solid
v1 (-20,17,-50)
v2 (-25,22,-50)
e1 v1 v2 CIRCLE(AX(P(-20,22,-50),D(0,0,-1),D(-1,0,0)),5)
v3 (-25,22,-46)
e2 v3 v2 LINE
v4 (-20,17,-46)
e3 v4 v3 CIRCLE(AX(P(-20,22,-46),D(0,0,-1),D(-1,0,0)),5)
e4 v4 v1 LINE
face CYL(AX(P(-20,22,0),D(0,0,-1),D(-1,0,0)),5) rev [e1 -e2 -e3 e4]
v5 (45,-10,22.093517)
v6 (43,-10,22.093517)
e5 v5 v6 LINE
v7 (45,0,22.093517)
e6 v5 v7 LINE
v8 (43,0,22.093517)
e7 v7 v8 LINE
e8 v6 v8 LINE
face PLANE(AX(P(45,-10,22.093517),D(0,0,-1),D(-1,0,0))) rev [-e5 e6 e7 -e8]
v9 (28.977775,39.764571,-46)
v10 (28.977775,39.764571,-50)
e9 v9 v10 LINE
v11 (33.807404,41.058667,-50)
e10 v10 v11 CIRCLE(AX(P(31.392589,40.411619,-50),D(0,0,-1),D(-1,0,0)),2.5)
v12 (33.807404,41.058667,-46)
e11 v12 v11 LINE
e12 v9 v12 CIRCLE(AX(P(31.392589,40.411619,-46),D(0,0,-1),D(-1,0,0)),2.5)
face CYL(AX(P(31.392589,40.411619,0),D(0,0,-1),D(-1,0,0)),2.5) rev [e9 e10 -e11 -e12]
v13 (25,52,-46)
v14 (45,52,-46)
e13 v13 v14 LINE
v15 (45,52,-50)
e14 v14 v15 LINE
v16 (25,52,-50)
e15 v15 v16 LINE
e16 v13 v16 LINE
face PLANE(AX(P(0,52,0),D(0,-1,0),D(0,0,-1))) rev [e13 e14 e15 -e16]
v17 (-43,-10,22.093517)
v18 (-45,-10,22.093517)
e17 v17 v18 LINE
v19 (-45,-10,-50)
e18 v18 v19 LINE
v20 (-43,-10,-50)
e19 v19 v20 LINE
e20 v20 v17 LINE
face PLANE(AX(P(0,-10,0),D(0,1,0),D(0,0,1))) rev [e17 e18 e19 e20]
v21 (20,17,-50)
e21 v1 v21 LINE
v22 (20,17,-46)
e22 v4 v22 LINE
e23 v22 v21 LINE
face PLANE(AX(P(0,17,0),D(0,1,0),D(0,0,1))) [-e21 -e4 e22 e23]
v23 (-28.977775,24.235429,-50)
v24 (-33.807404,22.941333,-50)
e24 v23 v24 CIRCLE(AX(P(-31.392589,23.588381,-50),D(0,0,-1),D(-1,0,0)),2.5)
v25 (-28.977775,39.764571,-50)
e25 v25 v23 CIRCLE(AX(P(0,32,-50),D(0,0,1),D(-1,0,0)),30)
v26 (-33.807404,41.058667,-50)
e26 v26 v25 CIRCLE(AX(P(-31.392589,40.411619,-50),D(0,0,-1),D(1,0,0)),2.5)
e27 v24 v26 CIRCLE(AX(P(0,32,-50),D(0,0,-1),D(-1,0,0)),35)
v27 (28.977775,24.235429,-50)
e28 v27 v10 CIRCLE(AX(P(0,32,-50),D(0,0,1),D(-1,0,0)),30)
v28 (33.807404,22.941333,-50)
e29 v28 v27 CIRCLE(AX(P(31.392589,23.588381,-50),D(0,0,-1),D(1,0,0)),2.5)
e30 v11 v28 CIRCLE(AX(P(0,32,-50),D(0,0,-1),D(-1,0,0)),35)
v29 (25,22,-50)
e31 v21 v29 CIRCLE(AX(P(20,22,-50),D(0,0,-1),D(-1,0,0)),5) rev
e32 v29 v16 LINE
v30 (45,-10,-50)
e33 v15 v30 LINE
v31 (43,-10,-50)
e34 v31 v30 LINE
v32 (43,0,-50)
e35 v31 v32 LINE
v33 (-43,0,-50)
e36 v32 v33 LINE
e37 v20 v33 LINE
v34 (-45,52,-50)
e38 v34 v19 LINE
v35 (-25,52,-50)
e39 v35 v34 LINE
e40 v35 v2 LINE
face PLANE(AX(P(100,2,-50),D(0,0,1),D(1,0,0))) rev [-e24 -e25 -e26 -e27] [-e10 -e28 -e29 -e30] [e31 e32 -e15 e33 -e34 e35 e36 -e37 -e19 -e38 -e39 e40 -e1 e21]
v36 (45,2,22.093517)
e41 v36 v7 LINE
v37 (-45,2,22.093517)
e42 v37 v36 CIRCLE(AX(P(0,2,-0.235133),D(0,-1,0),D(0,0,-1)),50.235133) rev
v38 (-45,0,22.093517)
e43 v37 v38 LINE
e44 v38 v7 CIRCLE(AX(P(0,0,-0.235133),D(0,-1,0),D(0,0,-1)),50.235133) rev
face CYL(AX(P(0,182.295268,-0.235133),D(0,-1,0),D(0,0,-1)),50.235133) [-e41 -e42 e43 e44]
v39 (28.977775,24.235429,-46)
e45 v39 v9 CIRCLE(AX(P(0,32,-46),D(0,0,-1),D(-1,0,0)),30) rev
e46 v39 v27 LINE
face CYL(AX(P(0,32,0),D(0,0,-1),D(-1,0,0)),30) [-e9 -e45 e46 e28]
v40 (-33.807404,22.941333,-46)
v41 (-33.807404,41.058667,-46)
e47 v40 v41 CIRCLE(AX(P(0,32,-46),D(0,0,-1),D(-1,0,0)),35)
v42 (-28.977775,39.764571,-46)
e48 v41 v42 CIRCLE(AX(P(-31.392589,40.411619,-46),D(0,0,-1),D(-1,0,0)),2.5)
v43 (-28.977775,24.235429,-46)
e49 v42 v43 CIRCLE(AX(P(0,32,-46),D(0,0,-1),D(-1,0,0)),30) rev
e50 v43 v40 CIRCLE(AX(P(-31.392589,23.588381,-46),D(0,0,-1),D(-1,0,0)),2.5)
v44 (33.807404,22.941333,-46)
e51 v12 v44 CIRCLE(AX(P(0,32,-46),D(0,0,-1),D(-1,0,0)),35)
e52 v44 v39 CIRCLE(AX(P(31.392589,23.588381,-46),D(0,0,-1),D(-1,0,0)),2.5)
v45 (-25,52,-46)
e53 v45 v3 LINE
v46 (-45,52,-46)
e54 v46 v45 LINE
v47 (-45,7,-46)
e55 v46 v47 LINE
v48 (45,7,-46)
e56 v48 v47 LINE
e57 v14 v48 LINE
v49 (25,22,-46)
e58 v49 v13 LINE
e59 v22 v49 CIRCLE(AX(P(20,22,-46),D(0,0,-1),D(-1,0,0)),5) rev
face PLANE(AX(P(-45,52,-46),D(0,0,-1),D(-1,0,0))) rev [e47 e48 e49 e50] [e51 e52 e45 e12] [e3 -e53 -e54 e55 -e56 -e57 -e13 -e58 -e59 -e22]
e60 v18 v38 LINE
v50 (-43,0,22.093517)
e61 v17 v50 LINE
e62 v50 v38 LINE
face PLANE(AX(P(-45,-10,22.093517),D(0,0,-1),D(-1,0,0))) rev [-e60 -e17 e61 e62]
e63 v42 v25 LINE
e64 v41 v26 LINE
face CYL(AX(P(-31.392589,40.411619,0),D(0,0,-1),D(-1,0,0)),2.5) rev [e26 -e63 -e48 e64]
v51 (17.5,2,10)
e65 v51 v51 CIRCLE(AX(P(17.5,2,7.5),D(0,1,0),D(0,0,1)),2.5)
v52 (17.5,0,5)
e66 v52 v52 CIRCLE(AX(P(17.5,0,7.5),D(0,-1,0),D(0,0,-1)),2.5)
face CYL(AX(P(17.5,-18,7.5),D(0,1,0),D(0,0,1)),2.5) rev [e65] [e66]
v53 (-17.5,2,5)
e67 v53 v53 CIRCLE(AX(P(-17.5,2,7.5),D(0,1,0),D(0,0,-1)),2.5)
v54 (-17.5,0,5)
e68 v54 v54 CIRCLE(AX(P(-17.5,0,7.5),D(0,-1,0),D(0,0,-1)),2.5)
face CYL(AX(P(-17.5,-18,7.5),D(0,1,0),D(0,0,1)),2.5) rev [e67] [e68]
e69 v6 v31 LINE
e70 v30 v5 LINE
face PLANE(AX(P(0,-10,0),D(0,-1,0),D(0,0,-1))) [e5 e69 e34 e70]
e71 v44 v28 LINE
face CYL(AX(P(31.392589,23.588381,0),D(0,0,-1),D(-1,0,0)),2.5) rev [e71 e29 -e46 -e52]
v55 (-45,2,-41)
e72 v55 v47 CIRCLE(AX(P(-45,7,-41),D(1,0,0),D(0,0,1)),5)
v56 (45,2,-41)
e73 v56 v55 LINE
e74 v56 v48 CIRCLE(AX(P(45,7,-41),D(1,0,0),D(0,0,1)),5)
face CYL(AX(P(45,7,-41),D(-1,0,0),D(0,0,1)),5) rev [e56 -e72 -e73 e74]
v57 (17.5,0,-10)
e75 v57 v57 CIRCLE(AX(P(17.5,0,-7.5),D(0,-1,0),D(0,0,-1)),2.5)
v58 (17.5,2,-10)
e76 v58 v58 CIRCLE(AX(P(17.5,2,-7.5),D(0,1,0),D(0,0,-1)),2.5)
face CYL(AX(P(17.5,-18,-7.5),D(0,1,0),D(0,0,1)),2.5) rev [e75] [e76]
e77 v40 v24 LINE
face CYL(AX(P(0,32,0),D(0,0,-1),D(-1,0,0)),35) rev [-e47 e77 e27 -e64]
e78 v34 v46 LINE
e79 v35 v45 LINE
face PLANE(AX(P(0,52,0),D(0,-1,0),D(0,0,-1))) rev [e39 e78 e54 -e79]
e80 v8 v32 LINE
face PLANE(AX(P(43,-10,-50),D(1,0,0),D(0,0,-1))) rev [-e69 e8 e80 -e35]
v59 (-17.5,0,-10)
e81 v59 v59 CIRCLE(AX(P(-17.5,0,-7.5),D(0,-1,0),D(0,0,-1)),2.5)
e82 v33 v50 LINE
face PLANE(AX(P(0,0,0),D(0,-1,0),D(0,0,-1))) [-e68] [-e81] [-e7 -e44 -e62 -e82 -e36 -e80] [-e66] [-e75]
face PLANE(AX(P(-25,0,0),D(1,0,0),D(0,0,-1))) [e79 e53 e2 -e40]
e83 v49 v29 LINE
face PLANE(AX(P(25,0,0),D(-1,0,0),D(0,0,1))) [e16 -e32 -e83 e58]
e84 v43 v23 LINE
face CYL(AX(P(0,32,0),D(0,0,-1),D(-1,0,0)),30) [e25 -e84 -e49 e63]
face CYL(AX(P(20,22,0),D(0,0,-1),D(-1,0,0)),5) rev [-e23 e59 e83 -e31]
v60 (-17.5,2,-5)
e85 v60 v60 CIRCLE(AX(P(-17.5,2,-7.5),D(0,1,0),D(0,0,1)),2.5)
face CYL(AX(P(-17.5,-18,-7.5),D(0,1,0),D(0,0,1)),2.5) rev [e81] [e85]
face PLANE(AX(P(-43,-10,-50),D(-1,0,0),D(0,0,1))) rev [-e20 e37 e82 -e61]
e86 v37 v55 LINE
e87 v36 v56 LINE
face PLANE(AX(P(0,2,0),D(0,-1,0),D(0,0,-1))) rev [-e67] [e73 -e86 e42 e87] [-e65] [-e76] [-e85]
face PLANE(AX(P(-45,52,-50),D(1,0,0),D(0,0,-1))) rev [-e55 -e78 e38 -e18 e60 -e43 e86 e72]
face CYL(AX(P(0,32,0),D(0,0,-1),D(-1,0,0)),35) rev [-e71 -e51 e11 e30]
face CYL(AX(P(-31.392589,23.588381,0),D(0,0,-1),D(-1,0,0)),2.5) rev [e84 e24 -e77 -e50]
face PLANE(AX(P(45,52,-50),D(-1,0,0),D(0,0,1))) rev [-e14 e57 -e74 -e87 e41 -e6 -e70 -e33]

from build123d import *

# Parameters (mm, degrees)
SKETCH1_W                = 200
SKETCH1_H                = 100
BOSS_EXTRUDE1_DEPTH      = 2
BOSS_EXTRUDE2_DEPTH      = 50
CUT_EXTRUDE6_DEPTH       = 50
CUT_EXTRUDE7_DEPTH       = 50
SKETCH9_R                = 2.5
CUT_EXTRUDE8_DEPTH       = 20
CUT_EXTRUDE20_DEPTH      = 123.474487139
CUT_EXTRUDE20_DEPTH_BACK = 123.474487139
BOSS_EXTRUDE5_DEPTH      = 90
CUT_EXTRUDE28_DEPTH      = 84.815273071
CUT_EXTRUDE28_DEPTH_BACK = 84.815273071
SKETCH25_W               = 2
SKETCH25_H               = 72.093516731
BOSS_EXTRUDE7_DEPTH      = 10


with BuildPart() as part:
    # Sketch1 → Boss-Extrude1 (new body)
    with BuildSketch(Plane(origin=(0, 0, 0), x_dir=(1, 0, 0), z_dir=(0, 1, 0))):
        Rectangle(SKETCH1_W, SKETCH1_H)
    extrude(amount=BOSS_EXTRUDE1_DEPTH)

    # Sketch3 → Boss-Extrude2 (add)
    with BuildSketch(Plane(origin=(0, 2, 0), x_dir=(1, 0, 0), z_dir=(0, 1, 0))):
        Polygon((0, 50), (-45, 50), (-45, 46), (45, 46), (45, 50), align=None)
    extrude(amount=BOSS_EXTRUDE2_DEPTH)

    # Sketch4 → Cut-Extrude6 (cut)
    with BuildSketch(Plane(origin=(0, 0, -50), x_dir=(-1, 0, 0), z_dir=(0, 0, -1))):
        with BuildLine():
            Line((25, 52), (25, 22))
            ThreePointArc((25, 22), (23.535533906, 18.464466094), (20, 17))
            Line((20, 17), (-20, 17))
            ThreePointArc((-20, 17), (-23.535533906, 18.464466094), (-25, 22))
            Line((-25, 22), (-25, 52))
            Line((-25, 52), (25, 52))
        make_face()
    extrude(amount=-CUT_EXTRUDE6_DEPTH, mode=Mode.SUBTRACT)

    # Sketch5 → Cut-Extrude7 (cut)
    with BuildSketch(Plane(origin=(0, 0, -50), x_dir=(-1, 0, 0), z_dir=(0, 0, -1))):
        with BuildLine():
            ThreePointArc((-28.977774789, 39.764571353), (-30, 32), (-28.977774789, 24.235428647))
            ThreePointArc((-28.977774789, 24.235428647), (-30.745541742, 21.173566468), (-33.80740392, 22.941333421))
            ThreePointArc((-33.80740392, 22.941333421), (-35, 32), (-33.80740392, 41.058666579))
            ThreePointArc((-33.80740392, 41.058666579), (-30.745541742, 42.826433532), (-28.977774789, 39.764571353))
        make_face()
        with BuildLine():
            ThreePointArc((28.977774789, 24.235428647), (30.745541742, 21.173566468), (33.80740392, 22.941333421))
            ThreePointArc((33.80740392, 22.941333421), (35, 32), (33.80740392, 41.058666579))
            ThreePointArc((33.80740392, 41.058666579), (30.745541742, 42.826433532), (28.977774789, 39.764571353))
            ThreePointArc((28.977774789, 39.764571353), (30, 32), (28.977774789, 24.235428647))
        make_face()
    extrude(amount=-CUT_EXTRUDE7_DEPTH, mode=Mode.SUBTRACT)

    # Sketch9 → Cut-Extrude8 (cut)
    with BuildSketch(Plane(origin=(0, 2, 0), x_dir=(1, 0, 0), z_dir=(0, 1, 0))):
        with Locations(Location((-17.5, 7.5, 0), (0, 0, 270))):
            Circle(SKETCH9_R)
        with Locations(Location((17.5, 7.5, 0), (0, 0, 90))):
            Circle(SKETCH9_R)
        with Locations(Location((17.5, -7.5, 0), (0, 0, 270))):
            Circle(SKETCH9_R)
        with Locations(Location((-17.5, -7.5, 0), (0, 0, 90))):
            Circle(SKETCH9_R)
    extrude(amount=-CUT_EXTRUDE8_DEPTH, mode=Mode.SUBTRACT)

    # Sketch17 → Cut-Extrude20 (cut, two sides: drawn at the far end of the back side and taken through both)
    with BuildSketch(Plane(origin=(0, 2, 0), x_dir=(1, 0, 0), z_dir=(0, 1, 0)).offset(-CUT_EXTRUDE20_DEPTH_BACK)):
        Polygon((-45, 46), (-45, 50), (-100, 50), (-100, -50), (-45, -50), align=None)
        Polygon((45, 50), (45, 46), (45, -50), (100, -50), (100, 50), align=None)
    extrude(amount=CUT_EXTRUDE20_DEPTH + CUT_EXTRUDE20_DEPTH_BACK, mode=Mode.SUBTRACT)

    # Sketch18 → Boss-Extrude5 (add)
    with BuildSketch(Plane.ZY.offset(45)):
        with BuildLine():
            Line((-46, 7), (-46, 2))
            Line((-46, 2), (-41, 2))
            ThreePointArc((-41, 2), (-44.535533906, 3.464466094), (-46, 7))
        make_face()
    extrude(amount=-BOSS_EXTRUDE5_DEPTH)

    # Sketch24 → Cut-Extrude28 (cut, two sides: drawn at the far end of the back side and taken through both)
    with BuildSketch(Plane(origin=(0, 2, 0), x_dir=(1, 0, 0), z_dir=(0, 1, 0)).offset(-CUT_EXTRUDE28_DEPTH_BACK)):
        with BuildLine():
            Line((-151.955597575, 193.459233006), (-45, -22.093516731))
            ThreePointArc((-45, -22.093516731), (0, -50), (45, -22.093516731))
            Line((45, -22.093516731), (151.955597575, 193.459233006))
            Line((151.955597575, 193.459233006), (151.955597575, -287.79948233))
            Line((151.955597575, -287.79948233), (-151.955597575, -287.79948233))
            Line((-151.955597575, -287.79948233), (-151.955597575, 193.459233006))
        make_face()
    extrude(amount=CUT_EXTRUDE28_DEPTH + CUT_EXTRUDE28_DEPTH_BACK, mode=Mode.SUBTRACT)

    # Sketch25 → Boss-Extrude7 (add)
    with BuildSketch(Plane.XZ):
        with Locations((-44, -13.953241634)):
            Rectangle(SKETCH25_W, SKETCH25_H)
        with Locations((44, -13.953241634)):
            Rectangle(SKETCH25_W, SKETCH25_H)
    extrude(amount=BOSS_EXTRUDE7_DEPTH)


solid = part.part
